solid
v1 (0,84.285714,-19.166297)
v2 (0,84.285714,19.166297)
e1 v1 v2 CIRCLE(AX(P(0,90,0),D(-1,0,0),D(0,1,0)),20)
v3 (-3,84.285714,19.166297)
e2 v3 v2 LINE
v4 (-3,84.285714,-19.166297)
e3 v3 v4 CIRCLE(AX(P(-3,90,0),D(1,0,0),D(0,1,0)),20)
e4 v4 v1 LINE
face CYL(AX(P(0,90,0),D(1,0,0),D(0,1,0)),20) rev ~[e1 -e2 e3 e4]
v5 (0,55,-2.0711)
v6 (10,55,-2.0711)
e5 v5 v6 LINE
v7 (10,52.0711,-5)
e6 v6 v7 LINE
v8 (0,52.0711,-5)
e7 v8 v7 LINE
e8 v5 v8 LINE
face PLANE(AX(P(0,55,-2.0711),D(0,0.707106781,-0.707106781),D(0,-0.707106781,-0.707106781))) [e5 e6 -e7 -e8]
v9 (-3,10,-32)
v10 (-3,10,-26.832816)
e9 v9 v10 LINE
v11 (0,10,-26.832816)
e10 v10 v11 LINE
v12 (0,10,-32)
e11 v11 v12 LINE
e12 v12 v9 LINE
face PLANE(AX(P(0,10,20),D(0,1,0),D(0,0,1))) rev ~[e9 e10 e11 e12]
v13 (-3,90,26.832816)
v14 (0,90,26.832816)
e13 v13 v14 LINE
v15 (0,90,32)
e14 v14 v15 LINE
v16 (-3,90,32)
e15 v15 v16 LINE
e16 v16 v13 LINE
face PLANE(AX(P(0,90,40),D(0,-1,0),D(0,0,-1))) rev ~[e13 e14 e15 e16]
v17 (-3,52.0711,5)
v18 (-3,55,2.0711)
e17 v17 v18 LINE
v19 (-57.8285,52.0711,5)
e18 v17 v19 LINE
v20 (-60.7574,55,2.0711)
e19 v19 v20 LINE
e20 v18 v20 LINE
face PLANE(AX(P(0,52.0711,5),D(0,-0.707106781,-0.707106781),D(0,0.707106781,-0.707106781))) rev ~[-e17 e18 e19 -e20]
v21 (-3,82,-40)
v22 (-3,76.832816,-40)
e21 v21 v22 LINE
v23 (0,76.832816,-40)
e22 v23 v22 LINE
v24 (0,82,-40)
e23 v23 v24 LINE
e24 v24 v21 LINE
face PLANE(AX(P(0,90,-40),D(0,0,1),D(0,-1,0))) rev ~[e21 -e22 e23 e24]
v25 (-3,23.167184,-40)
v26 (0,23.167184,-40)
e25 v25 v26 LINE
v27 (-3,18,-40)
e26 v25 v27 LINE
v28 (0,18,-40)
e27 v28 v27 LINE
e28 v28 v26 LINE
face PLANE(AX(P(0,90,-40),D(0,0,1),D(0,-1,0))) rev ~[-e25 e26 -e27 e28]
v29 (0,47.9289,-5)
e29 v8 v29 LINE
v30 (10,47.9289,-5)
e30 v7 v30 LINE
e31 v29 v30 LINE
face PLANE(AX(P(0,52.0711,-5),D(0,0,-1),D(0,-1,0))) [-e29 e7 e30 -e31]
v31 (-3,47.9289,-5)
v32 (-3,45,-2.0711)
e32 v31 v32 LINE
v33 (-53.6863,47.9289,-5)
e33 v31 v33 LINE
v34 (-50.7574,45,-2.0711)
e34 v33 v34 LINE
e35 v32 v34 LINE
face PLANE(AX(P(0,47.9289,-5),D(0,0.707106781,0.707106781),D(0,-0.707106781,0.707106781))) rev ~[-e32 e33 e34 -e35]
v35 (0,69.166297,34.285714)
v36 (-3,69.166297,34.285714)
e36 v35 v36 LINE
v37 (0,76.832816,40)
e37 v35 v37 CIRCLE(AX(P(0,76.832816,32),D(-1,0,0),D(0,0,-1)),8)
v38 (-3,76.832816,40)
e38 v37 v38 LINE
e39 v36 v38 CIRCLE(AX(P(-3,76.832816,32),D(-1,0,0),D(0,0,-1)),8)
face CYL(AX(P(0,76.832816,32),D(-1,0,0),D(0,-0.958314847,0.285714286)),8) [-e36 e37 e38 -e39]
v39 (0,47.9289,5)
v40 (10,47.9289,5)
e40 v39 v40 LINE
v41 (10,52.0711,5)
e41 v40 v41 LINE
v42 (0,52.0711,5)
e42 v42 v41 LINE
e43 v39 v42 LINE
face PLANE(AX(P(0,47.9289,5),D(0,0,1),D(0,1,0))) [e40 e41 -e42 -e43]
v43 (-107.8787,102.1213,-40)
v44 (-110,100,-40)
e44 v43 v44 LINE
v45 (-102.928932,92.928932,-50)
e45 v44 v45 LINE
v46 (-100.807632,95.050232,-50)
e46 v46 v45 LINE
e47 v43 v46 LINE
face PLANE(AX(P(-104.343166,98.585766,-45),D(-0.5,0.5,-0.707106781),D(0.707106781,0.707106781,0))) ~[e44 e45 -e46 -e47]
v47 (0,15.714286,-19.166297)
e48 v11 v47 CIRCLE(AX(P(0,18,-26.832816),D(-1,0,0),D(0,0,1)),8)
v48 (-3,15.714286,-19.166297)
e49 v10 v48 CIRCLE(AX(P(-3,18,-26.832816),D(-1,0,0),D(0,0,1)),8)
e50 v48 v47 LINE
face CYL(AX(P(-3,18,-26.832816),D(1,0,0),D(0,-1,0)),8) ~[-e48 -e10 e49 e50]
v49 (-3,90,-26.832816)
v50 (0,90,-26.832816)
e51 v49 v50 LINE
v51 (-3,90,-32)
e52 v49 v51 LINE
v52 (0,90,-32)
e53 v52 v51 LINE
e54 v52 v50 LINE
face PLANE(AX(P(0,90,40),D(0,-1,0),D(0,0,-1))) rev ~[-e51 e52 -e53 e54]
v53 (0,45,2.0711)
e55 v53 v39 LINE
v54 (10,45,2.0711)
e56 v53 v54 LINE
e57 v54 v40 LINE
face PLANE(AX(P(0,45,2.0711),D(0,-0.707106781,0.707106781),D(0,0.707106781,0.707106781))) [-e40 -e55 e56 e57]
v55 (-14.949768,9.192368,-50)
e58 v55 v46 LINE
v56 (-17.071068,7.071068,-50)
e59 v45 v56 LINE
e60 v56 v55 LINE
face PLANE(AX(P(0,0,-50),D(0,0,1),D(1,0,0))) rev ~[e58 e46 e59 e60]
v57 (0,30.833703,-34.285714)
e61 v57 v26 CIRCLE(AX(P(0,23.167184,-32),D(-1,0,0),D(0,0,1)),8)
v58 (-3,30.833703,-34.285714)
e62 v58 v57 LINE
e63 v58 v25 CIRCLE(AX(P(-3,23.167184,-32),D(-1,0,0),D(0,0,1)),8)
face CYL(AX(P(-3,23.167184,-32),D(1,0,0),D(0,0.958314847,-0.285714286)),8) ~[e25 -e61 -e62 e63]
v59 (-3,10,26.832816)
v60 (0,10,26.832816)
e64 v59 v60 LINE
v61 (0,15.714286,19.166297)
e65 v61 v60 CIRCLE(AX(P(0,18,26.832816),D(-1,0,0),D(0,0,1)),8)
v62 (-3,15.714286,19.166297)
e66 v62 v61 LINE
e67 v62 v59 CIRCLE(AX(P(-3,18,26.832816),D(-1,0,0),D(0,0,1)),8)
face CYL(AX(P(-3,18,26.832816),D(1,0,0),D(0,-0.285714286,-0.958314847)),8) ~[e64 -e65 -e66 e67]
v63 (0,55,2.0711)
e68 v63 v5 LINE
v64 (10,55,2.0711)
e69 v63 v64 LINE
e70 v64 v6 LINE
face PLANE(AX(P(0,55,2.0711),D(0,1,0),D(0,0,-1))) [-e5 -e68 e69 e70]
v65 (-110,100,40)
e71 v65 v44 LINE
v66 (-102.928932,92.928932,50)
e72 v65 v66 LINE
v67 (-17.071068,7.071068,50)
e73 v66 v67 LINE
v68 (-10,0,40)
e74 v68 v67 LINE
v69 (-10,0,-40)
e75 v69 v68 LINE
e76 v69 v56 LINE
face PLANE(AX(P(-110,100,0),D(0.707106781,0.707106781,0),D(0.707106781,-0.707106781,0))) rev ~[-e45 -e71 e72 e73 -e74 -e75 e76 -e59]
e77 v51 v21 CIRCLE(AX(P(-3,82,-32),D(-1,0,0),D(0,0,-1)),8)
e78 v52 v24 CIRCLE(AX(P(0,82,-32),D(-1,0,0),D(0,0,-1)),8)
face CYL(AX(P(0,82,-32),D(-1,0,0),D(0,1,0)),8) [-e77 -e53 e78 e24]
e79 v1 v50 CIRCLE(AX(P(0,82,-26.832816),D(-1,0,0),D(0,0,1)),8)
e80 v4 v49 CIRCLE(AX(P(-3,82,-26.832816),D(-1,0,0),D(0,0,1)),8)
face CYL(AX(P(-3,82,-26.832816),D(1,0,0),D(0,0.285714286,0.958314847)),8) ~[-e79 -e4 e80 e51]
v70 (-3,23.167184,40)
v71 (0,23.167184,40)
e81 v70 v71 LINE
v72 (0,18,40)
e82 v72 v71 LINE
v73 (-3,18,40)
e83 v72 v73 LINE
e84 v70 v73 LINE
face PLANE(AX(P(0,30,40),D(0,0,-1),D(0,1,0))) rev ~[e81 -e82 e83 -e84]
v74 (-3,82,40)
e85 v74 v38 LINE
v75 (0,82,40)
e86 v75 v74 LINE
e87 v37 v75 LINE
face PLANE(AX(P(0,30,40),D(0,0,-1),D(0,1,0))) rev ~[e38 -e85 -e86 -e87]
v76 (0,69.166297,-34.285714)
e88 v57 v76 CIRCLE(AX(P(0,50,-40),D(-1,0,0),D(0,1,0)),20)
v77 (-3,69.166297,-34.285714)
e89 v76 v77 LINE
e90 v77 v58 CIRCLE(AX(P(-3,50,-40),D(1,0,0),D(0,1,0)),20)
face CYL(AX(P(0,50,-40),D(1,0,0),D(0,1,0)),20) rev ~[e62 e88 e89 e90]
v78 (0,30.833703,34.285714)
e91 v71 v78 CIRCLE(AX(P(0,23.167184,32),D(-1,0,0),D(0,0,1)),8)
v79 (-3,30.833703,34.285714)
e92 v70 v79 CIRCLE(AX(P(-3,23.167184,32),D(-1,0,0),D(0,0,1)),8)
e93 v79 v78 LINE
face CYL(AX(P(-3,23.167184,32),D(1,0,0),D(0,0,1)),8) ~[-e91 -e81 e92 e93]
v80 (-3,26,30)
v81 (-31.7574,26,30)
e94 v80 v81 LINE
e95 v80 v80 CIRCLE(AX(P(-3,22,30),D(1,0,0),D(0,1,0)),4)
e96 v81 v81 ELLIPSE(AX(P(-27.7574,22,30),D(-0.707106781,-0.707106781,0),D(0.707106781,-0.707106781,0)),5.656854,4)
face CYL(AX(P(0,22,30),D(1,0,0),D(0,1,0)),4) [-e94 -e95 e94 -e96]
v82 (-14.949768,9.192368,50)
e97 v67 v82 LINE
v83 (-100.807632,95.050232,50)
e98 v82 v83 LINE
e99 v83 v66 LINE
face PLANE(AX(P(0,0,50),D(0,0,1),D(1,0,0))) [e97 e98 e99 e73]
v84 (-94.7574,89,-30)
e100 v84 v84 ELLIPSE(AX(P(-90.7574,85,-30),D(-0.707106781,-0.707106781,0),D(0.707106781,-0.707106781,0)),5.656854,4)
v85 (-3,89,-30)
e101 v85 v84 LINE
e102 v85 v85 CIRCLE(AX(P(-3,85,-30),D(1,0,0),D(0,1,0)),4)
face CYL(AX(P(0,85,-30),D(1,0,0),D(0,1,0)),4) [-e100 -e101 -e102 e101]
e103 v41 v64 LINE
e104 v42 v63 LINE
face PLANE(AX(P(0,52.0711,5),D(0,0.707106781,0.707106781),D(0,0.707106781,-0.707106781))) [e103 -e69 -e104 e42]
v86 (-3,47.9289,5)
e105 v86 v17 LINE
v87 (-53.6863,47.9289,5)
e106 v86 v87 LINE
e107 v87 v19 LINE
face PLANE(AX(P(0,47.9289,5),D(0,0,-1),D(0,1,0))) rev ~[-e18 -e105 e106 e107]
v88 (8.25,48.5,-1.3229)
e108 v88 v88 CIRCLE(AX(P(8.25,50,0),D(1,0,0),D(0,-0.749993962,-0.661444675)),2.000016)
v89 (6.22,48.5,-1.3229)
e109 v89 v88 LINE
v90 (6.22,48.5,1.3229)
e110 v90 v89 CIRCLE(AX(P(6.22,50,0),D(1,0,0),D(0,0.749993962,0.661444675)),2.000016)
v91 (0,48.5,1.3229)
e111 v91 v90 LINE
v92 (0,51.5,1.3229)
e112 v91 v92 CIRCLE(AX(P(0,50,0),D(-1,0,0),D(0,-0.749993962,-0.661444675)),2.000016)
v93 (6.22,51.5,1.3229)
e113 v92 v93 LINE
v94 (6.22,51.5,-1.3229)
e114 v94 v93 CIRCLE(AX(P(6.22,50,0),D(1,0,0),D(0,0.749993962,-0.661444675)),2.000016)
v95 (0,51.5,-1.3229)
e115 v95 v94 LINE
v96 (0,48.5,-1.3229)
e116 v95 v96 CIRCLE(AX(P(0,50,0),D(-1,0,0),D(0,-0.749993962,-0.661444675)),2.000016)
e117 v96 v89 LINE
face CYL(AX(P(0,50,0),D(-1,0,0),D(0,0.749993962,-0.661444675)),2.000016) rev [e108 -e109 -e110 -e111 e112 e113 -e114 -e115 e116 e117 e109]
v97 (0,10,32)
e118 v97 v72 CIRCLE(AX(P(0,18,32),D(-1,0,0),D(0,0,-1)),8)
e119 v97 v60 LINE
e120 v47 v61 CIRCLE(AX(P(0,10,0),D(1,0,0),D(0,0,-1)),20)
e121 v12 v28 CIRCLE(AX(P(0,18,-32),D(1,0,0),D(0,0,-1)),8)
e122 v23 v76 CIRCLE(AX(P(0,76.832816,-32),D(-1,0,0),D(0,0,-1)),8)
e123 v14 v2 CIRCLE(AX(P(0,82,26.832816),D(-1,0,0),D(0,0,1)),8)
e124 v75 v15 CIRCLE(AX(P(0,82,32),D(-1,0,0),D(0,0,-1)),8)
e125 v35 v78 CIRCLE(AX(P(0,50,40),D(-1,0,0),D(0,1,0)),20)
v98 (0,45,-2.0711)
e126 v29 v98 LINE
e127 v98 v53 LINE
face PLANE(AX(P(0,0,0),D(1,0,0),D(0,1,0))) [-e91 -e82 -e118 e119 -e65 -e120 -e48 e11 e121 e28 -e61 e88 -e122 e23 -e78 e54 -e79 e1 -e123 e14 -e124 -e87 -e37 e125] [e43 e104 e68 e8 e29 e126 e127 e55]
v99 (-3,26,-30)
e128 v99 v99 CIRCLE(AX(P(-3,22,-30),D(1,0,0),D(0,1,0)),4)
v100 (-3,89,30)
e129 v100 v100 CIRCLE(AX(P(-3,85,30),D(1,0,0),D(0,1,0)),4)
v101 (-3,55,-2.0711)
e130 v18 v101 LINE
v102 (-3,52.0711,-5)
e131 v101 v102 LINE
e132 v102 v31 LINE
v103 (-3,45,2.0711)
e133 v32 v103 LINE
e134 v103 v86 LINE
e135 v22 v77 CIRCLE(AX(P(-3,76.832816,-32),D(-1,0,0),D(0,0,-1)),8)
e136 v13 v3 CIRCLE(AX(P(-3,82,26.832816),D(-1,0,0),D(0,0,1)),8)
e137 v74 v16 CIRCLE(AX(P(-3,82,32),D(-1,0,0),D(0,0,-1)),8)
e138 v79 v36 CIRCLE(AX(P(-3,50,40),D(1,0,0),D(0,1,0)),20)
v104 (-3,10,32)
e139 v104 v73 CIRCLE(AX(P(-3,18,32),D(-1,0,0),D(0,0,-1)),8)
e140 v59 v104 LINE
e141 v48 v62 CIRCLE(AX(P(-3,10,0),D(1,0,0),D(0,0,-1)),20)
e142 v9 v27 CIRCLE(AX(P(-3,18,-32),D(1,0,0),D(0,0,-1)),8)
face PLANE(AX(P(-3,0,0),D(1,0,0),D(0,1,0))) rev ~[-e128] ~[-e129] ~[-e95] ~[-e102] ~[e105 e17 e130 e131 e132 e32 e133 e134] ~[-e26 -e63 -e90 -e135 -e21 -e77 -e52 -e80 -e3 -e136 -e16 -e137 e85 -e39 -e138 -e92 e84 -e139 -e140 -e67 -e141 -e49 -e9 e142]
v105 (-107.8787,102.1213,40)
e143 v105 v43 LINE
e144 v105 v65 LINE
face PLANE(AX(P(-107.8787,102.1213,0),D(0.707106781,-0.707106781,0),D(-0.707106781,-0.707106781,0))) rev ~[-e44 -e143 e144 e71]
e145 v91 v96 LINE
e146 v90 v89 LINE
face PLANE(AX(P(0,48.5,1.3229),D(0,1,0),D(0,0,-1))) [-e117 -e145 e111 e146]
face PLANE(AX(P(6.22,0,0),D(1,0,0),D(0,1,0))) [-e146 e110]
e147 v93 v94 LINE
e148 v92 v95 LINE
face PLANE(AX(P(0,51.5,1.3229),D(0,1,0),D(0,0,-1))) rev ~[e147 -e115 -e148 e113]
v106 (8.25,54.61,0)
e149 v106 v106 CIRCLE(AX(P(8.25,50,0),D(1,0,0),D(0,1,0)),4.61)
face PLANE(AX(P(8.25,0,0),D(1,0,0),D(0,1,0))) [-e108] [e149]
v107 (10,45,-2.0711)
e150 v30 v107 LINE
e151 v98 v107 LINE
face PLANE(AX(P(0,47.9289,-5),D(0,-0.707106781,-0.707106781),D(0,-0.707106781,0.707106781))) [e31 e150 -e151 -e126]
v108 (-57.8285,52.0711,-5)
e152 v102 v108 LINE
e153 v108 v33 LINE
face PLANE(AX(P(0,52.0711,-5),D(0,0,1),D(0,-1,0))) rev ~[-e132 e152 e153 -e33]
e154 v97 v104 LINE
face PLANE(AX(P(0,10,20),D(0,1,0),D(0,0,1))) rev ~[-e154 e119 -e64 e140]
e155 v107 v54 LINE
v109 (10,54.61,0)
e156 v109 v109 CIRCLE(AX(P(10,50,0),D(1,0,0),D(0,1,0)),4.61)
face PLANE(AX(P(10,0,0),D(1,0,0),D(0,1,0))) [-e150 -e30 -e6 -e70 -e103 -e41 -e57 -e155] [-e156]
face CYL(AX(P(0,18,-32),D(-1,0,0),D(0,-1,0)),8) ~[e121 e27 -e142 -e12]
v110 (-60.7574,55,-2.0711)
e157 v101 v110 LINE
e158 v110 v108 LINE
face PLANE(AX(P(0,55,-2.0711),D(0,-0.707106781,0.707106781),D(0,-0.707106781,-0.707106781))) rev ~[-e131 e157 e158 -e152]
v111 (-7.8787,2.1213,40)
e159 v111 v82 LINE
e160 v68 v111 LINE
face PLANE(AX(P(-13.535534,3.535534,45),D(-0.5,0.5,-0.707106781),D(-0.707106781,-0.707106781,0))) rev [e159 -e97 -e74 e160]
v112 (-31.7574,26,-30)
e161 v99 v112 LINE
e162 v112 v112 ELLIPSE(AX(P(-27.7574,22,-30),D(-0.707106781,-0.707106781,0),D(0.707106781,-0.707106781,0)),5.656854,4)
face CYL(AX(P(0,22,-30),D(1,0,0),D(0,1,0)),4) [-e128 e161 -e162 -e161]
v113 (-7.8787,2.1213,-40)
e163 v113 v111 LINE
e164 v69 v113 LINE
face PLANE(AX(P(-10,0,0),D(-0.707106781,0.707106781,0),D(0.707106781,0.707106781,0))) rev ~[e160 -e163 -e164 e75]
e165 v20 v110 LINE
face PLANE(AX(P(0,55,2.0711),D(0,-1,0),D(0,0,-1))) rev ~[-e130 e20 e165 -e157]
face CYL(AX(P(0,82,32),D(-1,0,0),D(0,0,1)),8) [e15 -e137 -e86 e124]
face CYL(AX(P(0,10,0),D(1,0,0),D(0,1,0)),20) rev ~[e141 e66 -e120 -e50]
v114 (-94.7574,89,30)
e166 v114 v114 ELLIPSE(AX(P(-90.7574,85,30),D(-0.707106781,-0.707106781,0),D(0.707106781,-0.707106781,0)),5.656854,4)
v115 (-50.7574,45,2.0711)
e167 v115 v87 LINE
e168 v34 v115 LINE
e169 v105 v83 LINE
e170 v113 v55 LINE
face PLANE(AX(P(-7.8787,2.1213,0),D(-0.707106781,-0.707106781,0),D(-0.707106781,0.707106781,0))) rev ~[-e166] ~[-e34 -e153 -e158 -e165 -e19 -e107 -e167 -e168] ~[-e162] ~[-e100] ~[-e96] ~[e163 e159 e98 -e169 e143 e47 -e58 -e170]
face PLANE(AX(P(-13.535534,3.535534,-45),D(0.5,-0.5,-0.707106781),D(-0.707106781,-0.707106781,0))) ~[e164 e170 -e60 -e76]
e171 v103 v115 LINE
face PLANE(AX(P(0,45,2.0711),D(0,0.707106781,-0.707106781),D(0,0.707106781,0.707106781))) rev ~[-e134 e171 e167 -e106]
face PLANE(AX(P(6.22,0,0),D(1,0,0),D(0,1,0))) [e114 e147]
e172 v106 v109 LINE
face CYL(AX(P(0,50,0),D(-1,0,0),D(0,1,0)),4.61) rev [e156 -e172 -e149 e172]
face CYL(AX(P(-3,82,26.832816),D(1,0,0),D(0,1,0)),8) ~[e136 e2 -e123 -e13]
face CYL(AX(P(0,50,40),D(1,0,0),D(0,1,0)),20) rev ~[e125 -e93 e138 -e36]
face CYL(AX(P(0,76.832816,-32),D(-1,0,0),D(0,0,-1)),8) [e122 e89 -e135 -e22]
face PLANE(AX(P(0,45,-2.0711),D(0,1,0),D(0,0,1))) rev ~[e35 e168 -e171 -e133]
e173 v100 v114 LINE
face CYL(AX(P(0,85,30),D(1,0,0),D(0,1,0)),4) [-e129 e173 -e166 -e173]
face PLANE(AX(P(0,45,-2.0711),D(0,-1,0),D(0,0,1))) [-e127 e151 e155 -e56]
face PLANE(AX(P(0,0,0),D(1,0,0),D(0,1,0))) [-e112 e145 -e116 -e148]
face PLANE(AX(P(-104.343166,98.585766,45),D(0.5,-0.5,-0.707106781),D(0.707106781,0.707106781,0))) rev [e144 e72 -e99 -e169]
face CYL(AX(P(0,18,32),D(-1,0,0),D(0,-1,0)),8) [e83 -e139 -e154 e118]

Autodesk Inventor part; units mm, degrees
ref_plane "YZ Plane" through (0, 0, 0) normal (1, 0, 0) x (0, 1, 0)
ref_plane "XZ Plane" through (0, 0, 0) normal (0, 1, 0) x (-1, 0, 0)
ref_plane "XY Plane" through (0, 0, 0) normal (0, 0, 1) x (1, 0, 0)
sketch "Sketch1" plane through (0, 0, 0) normal (0, 0, 1) x (1, 0, 0)
  line L0 (-10, 0) -> (-7.8787, 2.1213)
  line L1 (-7.8787, 2.1213) -> (-107.8787, 102.1213)
  line L2 (-107.8787, 102.1213) -> (-110, 100)
  line L3 (-110, 100) -> (-10, 0)
  line L4 (-10, 0) -> (0, 0) construction
  dimension "d24" = 10
  dimension "d25" = 3
  dimension "d26" = 45
  dimension "d27" = 100
extrude "Extrusion1" add sketch "Sketch1" along normal mid plane 100
chamfer "Chamfer1" distance 10 angle 45 4 edges at (-108.9393, 101.0607, 50) (-8.9393, 1.0607, 50) (-8.9393, 1.0607, -50) (-108.9393, 101.0607, -50)
sketch "Sketch2" plane through (0, 0, 0) normal (1, 0, 0) x (0, 1, 0)
  arc A0 (51.5, -1.3229) -> (51.5, 1.3229) centre (50, 0) ccw
  line L0 (55, -2.0711) -> (52.0711, -5)
  line L1 (52.0711, -5) -> (47.9289, -5)
  line L2 (47.9289, -5) -> (45, -2.0711)
  line L3 (45, -2.0711) -> (45, 2.0711)
  line L4 (45, 2.0711) -> (47.9289, 5)
  line L5 (47.9289, 5) -> (52.0711, 5)
  line L6 (52.0711, 5) -> (55, 2.0711)
  line L7 (55, 2.0711) -> (55, -2.0711)
  line L8 (51.5, 1.3229) -> (51.5, -1.3229)
  line L9 (48.5, 1.3229) -> (48.5, -1.3229)
  arc A1 (48.5, -1.3229) -> (51.5, -1.3229) centre (50, 0) ccw
  arc A2 (51.5, 1.3229) -> (48.5, -1.3229) centre (50, 0) ccw
  circle A3 centre (85, 30) radius 4
  circle A4 centre (85, -30) radius 4
  circle A5 centre (22, 30) radius 4
  circle A6 centre (22, -30) radius 4
  line L10 (10, 40) -> (90, 40)
  line L11 (90, 40) -> (90, -40)
  line L12 (90, -40) -> (10, -40)
  line L13 (10, -40) -> (10, 40)
  line L14 (10, 40) -> (90, -40) construction
  line L15 (90, 40) -> (10, -40) construction
  circle A7 centre (50, 40) radius 20
  circle A8 centre (50, -40) radius 20
  circle A9 centre (90, 0) radius 20
  circle A10 centre (50, 0) radius 4.61
  circle A11 centre (10, 0) radius 20
  point P0 (0, 0)
  point P1 (0, 0)
  point P2 (50, 0)
  dimension "d8" = 50
  dimension "d10" = 4
  dimension "d11" = 5
  dimension "d14" = 3
  dimension "d15" = 30
  dimension "d16" = 30
  dimension "d17" = 35
  dimension "d18" = 28
  dimension "d19" = 8
  dimension "d28" = 80
  dimension "d29" = 80
  dimension "d35" = 9.22
  dimension "d38" = 40
extrude "Extrusion2" add sketch "Sketch2" against normal up to next contours L8 A0 | A1 L9 A2 L8 | A2 L9 | L0 L1 L2 L3 L4 L5 L6 L7 | A10
extrude "Extrusion3" add sketch "Sketch2" against normal blind 3 contours A7 L10 | L10 L11 A9 L12 A8 L13 A11 A7 | L11 A9 | A11 L13 | L12 A8 picked at (44.8162, 33.9837) picked at (86.9018, -5.903) picked at (22.2846, 1.4835) picked at (43.3333, -31.1584)
extrude "Extrusion4" add sketch "Sketch2" against normal up to next contours A3 | A4 | A5 | A6
extrude "Extrusion5" cut sketch "Sketch2" against normal up to surface (3 mm away) contours A7 L10 | L10 A7 | A9 L11 | L11 A9 | A11 L13 | L13 A11 | A8 L12 | L12 A8
fillet "Fillet2" radius 8 12 edges at (-1.5, 30, 40) (-1.5, 70, 40) (-1.5, 10, 40) (-1.5, 10, -40) (-1.5, 70, -40) (-1.5, 30, -40) (-1.5, 90, -40) (-1.5, 90, 20) (-1.5, 90, -20) (-1.5, 90, 40) (-1.5, 10, 20) (-1.5, 10, -20)
extrude "Extrusion7" add sketch "Sketch2" along normal blind 10 contours L0 L1 L2 L3 L4 L5 L6 L7
extrude "Extrusion8" add sketch "Sketch2" along normal blind 8.25 contours A10
extrude "Extrusion9" add sketch "Sketch2" along normal blind 6.22 contours L8 A0 | A2 L9
properties part number "MIRROR MOUNT"
